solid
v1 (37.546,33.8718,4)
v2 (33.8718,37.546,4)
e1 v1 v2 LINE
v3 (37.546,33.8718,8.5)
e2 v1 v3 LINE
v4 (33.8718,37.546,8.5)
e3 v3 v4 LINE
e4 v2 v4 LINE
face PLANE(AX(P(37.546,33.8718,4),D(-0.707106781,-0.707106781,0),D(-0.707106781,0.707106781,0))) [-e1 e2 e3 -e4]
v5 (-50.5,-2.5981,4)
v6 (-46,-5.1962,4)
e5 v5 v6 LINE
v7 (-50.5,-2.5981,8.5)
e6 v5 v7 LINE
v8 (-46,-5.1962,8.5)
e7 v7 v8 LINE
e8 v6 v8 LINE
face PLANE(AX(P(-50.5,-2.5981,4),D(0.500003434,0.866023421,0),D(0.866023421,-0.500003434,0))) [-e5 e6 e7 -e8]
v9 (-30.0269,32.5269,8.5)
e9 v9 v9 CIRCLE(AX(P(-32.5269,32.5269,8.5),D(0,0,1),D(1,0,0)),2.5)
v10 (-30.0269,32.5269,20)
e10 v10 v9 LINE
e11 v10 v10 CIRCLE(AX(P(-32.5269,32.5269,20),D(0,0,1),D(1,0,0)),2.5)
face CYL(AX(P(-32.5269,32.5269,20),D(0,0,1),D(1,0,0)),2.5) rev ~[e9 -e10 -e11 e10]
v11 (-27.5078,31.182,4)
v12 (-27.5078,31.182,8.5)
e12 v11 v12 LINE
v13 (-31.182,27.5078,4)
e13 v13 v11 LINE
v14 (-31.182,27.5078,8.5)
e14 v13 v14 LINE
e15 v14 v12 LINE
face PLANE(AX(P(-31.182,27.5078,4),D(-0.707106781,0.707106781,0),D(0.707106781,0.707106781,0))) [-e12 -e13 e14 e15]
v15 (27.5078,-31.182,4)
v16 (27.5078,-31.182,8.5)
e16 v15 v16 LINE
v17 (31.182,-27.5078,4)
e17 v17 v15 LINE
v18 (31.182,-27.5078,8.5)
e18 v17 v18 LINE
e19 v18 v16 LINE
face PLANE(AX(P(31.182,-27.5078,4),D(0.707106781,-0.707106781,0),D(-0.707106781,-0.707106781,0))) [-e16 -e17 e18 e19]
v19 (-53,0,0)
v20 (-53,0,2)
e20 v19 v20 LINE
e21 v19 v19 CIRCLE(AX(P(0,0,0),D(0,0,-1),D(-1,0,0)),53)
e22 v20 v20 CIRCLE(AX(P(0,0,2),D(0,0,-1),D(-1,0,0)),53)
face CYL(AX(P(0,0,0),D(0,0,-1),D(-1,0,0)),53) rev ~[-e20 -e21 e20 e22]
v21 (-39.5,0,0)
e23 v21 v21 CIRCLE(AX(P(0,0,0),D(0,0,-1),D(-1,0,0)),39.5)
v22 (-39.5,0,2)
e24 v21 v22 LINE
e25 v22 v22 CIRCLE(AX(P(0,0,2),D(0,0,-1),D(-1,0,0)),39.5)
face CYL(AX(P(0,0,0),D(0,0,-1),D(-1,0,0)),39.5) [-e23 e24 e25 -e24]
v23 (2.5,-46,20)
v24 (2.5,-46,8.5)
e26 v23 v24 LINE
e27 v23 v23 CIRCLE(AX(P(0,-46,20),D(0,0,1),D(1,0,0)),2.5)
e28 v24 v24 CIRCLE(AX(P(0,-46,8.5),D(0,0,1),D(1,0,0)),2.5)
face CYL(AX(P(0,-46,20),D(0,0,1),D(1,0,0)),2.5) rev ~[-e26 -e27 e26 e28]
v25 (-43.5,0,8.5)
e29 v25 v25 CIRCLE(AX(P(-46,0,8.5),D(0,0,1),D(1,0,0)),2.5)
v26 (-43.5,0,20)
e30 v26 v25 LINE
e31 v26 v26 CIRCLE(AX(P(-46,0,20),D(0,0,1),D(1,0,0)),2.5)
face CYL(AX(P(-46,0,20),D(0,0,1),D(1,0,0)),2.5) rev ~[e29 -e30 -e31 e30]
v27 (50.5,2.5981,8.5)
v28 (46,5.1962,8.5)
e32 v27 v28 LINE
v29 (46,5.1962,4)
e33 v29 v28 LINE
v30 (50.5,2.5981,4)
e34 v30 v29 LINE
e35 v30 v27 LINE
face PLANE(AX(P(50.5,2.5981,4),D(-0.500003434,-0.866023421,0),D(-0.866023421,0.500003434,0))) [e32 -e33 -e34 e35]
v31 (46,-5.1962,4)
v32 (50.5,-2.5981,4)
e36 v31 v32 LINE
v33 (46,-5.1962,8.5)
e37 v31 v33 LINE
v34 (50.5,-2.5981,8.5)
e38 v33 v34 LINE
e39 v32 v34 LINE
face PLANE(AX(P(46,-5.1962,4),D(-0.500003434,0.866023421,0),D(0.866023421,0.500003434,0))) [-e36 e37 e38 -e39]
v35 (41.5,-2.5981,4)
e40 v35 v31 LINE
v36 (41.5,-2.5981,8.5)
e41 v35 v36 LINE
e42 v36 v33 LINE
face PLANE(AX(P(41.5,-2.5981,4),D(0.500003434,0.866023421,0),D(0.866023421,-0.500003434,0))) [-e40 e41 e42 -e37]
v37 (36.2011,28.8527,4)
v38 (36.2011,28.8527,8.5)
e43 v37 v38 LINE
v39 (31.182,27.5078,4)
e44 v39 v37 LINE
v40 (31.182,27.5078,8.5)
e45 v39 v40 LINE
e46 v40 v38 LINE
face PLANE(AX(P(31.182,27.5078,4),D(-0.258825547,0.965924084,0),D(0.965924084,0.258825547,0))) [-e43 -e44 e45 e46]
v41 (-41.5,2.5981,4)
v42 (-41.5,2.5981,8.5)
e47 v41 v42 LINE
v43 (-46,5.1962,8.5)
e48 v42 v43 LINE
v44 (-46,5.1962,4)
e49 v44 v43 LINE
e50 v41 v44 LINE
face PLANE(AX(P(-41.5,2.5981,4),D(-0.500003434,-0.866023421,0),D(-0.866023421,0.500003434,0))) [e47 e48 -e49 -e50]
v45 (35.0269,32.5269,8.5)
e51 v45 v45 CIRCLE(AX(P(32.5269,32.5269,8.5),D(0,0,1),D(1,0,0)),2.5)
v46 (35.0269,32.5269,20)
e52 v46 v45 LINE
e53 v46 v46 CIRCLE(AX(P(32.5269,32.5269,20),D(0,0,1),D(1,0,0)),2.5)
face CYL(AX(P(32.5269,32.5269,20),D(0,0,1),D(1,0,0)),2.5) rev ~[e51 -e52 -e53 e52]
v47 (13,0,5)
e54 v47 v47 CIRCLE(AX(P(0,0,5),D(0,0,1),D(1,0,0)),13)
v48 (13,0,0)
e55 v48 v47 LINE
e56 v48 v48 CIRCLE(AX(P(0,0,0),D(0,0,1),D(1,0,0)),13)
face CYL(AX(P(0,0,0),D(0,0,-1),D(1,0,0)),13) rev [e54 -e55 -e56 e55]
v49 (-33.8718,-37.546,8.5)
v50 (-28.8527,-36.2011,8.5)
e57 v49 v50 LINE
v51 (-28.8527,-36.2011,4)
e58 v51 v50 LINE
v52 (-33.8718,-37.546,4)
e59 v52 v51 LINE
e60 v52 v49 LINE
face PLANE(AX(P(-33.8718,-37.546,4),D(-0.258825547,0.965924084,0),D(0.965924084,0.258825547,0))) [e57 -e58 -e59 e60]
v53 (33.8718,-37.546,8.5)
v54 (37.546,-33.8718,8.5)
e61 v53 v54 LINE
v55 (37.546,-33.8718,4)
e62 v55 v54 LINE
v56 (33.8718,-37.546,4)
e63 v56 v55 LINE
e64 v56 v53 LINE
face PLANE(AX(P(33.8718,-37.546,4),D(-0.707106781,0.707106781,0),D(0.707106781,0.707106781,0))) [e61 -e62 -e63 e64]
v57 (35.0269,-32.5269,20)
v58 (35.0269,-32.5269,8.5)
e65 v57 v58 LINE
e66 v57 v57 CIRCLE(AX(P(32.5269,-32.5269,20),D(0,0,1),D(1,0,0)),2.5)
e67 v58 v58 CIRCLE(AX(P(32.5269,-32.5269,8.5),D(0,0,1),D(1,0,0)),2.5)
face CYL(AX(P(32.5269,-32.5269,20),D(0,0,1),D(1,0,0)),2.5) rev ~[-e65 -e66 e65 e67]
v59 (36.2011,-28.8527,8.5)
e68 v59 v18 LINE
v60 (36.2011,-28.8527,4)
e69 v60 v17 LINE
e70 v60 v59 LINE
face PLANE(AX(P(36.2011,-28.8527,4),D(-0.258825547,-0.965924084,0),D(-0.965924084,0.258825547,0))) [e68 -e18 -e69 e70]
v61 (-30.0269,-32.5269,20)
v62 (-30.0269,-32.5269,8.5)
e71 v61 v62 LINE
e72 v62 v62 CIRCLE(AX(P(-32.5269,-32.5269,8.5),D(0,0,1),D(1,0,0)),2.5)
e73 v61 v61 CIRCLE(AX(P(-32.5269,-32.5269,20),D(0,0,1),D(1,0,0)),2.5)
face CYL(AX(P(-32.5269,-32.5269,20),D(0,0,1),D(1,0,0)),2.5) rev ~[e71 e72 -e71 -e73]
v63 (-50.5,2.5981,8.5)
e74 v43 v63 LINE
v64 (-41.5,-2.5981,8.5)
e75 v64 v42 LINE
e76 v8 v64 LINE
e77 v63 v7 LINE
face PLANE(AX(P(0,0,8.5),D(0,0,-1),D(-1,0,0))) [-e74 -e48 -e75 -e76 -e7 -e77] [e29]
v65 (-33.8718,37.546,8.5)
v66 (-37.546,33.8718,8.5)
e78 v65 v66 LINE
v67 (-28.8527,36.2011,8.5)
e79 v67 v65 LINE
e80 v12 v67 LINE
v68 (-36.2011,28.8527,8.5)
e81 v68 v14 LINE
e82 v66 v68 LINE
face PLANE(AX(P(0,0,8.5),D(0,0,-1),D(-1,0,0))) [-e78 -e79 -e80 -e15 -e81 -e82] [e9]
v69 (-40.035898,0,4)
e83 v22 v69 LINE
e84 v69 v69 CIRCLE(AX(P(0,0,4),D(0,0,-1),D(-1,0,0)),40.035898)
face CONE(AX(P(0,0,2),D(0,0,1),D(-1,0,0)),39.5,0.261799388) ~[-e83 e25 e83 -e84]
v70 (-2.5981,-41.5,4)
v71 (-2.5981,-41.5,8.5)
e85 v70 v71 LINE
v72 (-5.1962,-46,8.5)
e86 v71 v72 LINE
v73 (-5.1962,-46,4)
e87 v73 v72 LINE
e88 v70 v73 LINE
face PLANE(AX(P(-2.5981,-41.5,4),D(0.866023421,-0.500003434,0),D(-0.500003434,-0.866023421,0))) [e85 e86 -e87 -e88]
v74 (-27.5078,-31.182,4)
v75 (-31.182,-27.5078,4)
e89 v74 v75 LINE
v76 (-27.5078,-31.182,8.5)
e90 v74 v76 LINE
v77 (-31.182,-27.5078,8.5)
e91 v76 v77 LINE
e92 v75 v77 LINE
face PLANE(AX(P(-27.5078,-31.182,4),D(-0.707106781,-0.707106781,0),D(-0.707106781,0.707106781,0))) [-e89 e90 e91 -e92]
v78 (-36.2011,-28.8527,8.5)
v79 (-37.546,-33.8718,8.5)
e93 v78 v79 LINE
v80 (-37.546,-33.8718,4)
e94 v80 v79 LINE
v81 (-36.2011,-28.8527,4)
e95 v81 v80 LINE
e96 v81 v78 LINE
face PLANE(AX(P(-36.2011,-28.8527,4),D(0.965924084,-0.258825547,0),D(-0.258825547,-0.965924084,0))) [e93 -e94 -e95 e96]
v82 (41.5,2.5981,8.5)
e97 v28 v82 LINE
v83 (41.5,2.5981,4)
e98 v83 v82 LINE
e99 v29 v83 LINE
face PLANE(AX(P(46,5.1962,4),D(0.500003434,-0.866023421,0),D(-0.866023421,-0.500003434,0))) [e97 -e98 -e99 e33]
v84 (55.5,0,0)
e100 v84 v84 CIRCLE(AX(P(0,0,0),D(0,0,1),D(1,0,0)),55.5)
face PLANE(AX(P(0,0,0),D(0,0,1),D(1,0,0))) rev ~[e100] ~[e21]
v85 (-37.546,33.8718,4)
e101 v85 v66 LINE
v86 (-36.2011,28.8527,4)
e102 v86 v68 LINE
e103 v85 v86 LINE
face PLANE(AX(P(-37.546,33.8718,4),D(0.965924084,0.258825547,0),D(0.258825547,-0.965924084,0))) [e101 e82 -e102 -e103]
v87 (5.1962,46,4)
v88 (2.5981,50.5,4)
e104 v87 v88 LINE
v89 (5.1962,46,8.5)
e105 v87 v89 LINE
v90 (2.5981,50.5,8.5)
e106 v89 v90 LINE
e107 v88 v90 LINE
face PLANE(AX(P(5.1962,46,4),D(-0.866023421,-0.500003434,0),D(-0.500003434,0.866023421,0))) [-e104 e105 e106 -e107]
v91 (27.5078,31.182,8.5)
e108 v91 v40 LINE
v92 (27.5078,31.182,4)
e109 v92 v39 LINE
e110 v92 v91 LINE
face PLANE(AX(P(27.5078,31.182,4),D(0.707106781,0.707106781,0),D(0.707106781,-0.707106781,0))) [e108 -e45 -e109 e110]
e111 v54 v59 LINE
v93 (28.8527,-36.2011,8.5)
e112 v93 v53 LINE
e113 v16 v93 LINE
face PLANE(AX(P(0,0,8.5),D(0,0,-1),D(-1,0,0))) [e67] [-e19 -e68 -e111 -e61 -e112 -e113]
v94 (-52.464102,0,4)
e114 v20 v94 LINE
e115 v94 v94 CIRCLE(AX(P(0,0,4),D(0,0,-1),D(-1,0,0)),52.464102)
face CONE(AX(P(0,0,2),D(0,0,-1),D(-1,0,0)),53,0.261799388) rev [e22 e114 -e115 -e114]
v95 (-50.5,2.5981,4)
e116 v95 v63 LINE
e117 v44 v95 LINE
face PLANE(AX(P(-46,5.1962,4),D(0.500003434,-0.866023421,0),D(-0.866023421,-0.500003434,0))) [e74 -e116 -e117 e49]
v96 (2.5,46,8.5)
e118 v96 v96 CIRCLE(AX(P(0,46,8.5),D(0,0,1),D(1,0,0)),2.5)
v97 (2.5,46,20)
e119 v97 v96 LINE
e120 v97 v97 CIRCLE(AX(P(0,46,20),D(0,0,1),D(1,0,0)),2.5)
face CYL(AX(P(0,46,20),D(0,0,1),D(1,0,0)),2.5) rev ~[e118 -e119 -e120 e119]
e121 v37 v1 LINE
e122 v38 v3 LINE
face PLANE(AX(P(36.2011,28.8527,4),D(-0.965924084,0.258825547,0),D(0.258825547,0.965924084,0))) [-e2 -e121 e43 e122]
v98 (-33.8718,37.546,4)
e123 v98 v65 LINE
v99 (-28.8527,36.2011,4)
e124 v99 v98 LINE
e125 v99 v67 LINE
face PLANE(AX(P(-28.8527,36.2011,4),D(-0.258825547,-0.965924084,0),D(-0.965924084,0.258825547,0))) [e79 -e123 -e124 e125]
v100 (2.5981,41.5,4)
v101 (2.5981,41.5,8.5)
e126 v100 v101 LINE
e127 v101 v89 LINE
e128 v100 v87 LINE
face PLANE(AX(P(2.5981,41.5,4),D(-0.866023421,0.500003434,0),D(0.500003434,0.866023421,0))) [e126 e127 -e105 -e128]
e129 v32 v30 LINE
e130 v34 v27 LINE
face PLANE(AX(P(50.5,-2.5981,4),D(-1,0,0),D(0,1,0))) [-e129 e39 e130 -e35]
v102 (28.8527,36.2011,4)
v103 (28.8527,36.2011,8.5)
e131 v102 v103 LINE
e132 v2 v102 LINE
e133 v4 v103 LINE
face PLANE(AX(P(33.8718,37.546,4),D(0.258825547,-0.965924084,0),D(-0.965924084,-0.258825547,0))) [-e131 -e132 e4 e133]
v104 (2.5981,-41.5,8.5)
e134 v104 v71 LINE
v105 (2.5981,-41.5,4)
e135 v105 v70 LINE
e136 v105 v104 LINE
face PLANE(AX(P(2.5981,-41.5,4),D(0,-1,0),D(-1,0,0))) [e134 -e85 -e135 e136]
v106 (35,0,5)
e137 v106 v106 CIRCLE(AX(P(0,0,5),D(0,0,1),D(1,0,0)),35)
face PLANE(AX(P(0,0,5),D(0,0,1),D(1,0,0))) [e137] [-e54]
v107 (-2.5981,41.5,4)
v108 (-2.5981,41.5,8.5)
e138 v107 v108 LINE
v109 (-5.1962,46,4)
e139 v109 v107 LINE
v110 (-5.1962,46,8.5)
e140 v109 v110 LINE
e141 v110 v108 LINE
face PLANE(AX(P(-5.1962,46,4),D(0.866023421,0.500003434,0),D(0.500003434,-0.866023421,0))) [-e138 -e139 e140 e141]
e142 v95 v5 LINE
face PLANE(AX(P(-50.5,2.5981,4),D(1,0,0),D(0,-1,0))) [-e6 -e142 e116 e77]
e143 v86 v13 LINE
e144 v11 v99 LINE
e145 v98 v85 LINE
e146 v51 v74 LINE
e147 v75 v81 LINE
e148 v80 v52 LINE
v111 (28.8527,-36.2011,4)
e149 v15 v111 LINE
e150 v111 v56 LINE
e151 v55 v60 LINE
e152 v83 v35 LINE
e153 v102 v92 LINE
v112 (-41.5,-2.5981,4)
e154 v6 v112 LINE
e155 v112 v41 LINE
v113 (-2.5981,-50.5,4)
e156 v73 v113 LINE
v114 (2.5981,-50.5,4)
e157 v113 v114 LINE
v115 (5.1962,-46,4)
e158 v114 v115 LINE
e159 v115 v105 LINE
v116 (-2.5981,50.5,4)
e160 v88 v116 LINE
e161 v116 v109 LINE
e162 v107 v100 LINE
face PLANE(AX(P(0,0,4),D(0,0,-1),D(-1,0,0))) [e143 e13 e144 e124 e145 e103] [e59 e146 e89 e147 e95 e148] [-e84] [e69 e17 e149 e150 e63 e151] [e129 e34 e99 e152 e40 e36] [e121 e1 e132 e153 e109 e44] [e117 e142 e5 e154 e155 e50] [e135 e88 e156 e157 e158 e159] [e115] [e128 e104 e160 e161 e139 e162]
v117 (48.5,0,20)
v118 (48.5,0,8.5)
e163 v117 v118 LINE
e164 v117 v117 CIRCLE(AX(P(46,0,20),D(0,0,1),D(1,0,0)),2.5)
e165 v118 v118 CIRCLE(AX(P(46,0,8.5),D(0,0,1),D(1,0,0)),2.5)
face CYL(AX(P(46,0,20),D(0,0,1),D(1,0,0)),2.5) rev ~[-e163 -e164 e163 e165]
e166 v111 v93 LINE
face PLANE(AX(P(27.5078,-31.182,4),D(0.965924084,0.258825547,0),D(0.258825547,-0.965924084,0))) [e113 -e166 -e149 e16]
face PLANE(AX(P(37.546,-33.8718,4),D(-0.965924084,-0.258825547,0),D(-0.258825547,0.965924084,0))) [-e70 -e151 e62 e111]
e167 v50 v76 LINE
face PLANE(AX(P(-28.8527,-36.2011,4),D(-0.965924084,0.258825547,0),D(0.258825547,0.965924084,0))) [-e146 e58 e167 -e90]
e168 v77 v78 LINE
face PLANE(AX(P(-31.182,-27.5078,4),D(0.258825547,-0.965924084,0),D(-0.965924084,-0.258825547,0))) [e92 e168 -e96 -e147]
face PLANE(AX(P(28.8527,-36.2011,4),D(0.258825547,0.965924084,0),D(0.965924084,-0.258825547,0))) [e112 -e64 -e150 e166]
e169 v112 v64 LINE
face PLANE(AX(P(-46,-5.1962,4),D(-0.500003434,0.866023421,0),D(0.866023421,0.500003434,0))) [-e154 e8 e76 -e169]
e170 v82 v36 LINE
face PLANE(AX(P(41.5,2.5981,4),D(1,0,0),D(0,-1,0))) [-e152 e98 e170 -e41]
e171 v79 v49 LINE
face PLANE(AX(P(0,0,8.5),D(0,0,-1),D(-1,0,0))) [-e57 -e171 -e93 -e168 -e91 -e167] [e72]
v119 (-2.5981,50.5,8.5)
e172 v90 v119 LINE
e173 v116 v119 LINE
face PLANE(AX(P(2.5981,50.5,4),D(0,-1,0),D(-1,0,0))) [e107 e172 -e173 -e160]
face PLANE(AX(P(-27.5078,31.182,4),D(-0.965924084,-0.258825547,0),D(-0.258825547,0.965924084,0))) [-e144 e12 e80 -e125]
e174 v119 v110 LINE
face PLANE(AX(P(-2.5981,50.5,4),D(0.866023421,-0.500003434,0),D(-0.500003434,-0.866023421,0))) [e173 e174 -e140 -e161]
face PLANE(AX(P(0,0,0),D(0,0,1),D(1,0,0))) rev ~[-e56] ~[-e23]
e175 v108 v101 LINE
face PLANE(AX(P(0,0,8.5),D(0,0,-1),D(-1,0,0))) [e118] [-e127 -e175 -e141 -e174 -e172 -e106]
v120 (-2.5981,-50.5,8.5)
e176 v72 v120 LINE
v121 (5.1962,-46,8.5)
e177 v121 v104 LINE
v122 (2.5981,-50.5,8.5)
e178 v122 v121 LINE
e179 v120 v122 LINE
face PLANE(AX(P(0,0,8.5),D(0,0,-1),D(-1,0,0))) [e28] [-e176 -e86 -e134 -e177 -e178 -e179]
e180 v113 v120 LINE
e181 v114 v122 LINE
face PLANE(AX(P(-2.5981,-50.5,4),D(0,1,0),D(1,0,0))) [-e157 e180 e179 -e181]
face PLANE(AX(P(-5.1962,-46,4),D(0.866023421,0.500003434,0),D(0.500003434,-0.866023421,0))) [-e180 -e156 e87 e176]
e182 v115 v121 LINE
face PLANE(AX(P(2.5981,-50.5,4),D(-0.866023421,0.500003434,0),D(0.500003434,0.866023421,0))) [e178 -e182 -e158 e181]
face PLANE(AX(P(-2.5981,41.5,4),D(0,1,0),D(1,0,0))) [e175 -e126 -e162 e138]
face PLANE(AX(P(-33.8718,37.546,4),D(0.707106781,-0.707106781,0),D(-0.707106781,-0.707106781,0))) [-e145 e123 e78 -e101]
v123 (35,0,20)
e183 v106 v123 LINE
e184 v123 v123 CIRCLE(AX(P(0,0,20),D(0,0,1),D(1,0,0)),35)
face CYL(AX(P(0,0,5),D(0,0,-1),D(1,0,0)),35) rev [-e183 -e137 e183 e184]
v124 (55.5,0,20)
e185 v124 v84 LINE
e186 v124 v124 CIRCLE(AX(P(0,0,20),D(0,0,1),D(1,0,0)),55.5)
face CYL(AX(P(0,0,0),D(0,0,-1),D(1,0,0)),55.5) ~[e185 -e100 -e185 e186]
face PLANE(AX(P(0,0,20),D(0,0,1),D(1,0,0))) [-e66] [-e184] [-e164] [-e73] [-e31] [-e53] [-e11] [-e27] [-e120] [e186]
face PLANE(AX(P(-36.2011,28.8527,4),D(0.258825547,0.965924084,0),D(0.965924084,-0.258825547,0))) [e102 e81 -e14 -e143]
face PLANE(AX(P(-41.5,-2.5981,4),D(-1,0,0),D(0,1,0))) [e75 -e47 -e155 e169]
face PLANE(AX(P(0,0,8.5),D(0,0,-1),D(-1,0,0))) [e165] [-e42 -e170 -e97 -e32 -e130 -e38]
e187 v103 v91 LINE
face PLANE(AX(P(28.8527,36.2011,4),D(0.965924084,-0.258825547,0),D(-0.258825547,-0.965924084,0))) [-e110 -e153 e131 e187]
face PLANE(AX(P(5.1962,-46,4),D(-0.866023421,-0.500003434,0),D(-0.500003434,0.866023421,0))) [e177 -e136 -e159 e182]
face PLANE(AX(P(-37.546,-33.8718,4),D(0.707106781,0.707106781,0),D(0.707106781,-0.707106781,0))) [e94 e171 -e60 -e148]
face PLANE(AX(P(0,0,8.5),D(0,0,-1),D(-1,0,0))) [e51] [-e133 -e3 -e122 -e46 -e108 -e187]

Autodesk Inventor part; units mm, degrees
ref_plane "YZ Plane" through (0, 0, 0) normal (1, 0, 0) x (0, 1, 0)
ref_plane "XZ Plane" through (0, 0, 0) normal (0, 1, 0) x (-1, 0, 0)
ref_plane "XY Plane" through (0, 0, 0) normal (0, 0, 1) x (1, 0, 0)
sketch "Sketch1" plane through (0, 0, 0) normal (0, 0, 1) x (1, 0, 0)
  circle A0 centre (0, 0) radius 13
  circle A1 centre (0, 0) radius 55.5
  dimension "d0" = 26
  dimension "d1" = 111
extrude "Extrusion1" add sketch "Sketch1" along normal blind 5
sketch "Sketch2" plane through (0, 0, 5) normal (0, 0, 1) x (1, 0, 0)
  circle A0 centre (0, 0) radius 35
  circle A1 centre (0, 0) radius 55.5 projected
  dimension "d4" = 70
extrude "Extrusion2" add sketch "Sketch2" along normal blind 15
sketch "Sketch3" plane through (0, 0, 0) normal (0, 0, -1) x (-1, 0, 0)
  circle A0 centre (0, 0) radius 39.5
  circle A1 centre (0, 0) radius 53
  dimension "d7" = 79
  dimension "d8" = 106
extrude "Extrusion3" cut sketch "Sketch3" against normal blind 4
chamfer "Chamfer1" distance 2 angle 15 1 edges at (39.5, 0, 4) measured on face at (-39.3895, -2.9518, 2.6667)
chamfer "Chamfer2" distance 2 angle 15 1 edges at (53, 0, 4) measured on face at (37.1782, -37.7728, 2.6667)
sketch "Sketch5" plane through (0, 0, 20) normal (0, 0, 1) x (1, 0, 0)
  circle A0 centre (-46, 0) radius 2.5
  circle A1 centre (-32.5269, -32.5269) radius 2.5
  circle A2 centre (0, -46) radius 2.5
  circle A3 centre (32.5269, -32.5269) radius 2.5
  circle A4 centre (46, 0) radius 2.5
  circle A5 centre (32.5269, 32.5269) radius 2.5
  circle A6 centre (0, 46) radius 2.5
  circle A7 centre (-32.5269, 32.5269) radius 2.5
  point P0 (0, 0)
  dimension "d17" = 5
  dimension "d18" = 46
  dimension "d21" = 360
extrude "Extrusion4" cut sketch "Sketch5" against normal through all
sketch "Sketch6" plane through (0, 0, 4) normal (0, 0, -1) x (-1, 0, 0)
  circle A0 centre (-46, 0) radius 2.5 projected
  line L0 (-46, -5.1962) -> (-50.5, -2.5981)
  line L1 (-50.5, -2.5981) -> (-50.5, 2.5981)
  line L2 (-50.5, 2.5981) -> (-46, 5.1962)
  line L3 (-46, 5.1962) -> (-41.5, 2.5981)
  line L4 (-41.5, 2.5981) -> (-41.5, -2.5981)
  line L5 (-41.5, -2.5981) -> (-46, -5.1962)
  line L6 (-28.8527, -36.2011) -> (-33.8718, -37.546)
  line L7 (-33.8718, -37.546) -> (-37.546, -33.8718)
  line L8 (-37.546, -33.8718) -> (-36.2011, -28.8527)
  line L9 (-36.2011, -28.8527) -> (-31.182, -27.5078)
  line L10 (-31.182, -27.5078) -> (-27.5078, -31.182)
  line L11 (-27.5078, -31.182) -> (-28.8527, -36.2011)
  line L12 (5.1962, -46) -> (2.5981, -50.5)
  line L13 (2.5981, -50.5) -> (-2.5981, -50.5)
  line L14 (-2.5981, -50.5) -> (-5.1962, -46)
  line L15 (-5.1962, -46) -> (-2.5981, -41.5)
  line L16 (-2.5981, -41.5) -> (2.5981, -41.5)
  line L17 (2.5981, -41.5) -> (5.1962, -46)
  line L18 (36.2011, -28.8527) -> (37.546, -33.8718)
  line L19 (37.546, -33.8718) -> (33.8718, -37.546)
  line L20 (33.8718, -37.546) -> (28.8527, -36.2011)
  line L21 (28.8527, -36.2011) -> (27.5078, -31.182)
  line L22 (27.5078, -31.182) -> (31.182, -27.5078)
  line L23 (31.182, -27.5078) -> (36.2011, -28.8527)
  line L24 (46, 5.1962) -> (50.5, 2.5981)
  line L25 (50.5, 2.5981) -> (50.5, -2.5981)
  line L26 (50.5, -2.5981) -> (46, -5.1962)
  line L27 (46, -5.1962) -> (41.5, -2.5981)
  line L28 (41.5, -2.5981) -> (41.5, 2.5981)
  line L29 (41.5, 2.5981) -> (46, 5.1962)
  line L30 (28.8527, 36.2011) -> (33.8718, 37.546)
  line L31 (33.8718, 37.546) -> (37.546, 33.8718)
  line L32 (37.546, 33.8718) -> (36.2011, 28.8527)
  line L33 (36.2011, 28.8527) -> (31.182, 27.5078)
  line L34 (31.182, 27.5078) -> (27.5078, 31.182)
  line L35 (27.5078, 31.182) -> (28.8527, 36.2011)
  line L36 (-5.1962, 46) -> (-2.5981, 50.5)
  line L37 (-2.5981, 50.5) -> (2.5981, 50.5)
  line L38 (2.5981, 50.5) -> (5.1962, 46)
  line L39 (5.1962, 46) -> (2.5981, 41.5)
  line L40 (2.5981, 41.5) -> (-2.5981, 41.5)
  line L41 (-2.5981, 41.5) -> (-5.1962, 46)
  line L42 (-36.2011, 28.8527) -> (-37.546, 33.8718)
  line L43 (-37.546, 33.8718) -> (-33.8718, 37.546)
  line L44 (-33.8718, 37.546) -> (-28.8527, 36.2011)
  line L45 (-28.8527, 36.2011) -> (-27.5078, 31.182)
  line L46 (-27.5078, 31.182) -> (-31.182, 27.5078)
  line L47 (-31.182, 27.5078) -> (-36.2011, 28.8527)
  point P0 (0, 0)
  point P1 (-32.5269, -32.5269)
  point P2 (0, -46)
  point P3 (32.5269, -32.5269)
  point P4 (46, 0)
  point P5 (32.5269, 32.5269)
  point P6 (0, 46)
  point P7 (-32.5269, 32.5269)
  dimension "d25" = 9
  dimension "d28" = 360
extrude "Extrusion5" cut sketch "Sketch6" against normal blind 4.5 contours A0 | L0 L1 L2 L3 L4 L5 | L6 L7 L8 L9 L10 L11 | L12 L13 L14 L15 L16 L17 | L18 L19 L20 L21 L22 L23 | L24 L25 L26 L27 L28 L29 | L30 L31 L32 L33 L34 L35 | L36 L37 L38 L39 L40 L41 | L42 L43 L44 L45 L46 L47
properties part number "CS02" material "ABS Plastic"
